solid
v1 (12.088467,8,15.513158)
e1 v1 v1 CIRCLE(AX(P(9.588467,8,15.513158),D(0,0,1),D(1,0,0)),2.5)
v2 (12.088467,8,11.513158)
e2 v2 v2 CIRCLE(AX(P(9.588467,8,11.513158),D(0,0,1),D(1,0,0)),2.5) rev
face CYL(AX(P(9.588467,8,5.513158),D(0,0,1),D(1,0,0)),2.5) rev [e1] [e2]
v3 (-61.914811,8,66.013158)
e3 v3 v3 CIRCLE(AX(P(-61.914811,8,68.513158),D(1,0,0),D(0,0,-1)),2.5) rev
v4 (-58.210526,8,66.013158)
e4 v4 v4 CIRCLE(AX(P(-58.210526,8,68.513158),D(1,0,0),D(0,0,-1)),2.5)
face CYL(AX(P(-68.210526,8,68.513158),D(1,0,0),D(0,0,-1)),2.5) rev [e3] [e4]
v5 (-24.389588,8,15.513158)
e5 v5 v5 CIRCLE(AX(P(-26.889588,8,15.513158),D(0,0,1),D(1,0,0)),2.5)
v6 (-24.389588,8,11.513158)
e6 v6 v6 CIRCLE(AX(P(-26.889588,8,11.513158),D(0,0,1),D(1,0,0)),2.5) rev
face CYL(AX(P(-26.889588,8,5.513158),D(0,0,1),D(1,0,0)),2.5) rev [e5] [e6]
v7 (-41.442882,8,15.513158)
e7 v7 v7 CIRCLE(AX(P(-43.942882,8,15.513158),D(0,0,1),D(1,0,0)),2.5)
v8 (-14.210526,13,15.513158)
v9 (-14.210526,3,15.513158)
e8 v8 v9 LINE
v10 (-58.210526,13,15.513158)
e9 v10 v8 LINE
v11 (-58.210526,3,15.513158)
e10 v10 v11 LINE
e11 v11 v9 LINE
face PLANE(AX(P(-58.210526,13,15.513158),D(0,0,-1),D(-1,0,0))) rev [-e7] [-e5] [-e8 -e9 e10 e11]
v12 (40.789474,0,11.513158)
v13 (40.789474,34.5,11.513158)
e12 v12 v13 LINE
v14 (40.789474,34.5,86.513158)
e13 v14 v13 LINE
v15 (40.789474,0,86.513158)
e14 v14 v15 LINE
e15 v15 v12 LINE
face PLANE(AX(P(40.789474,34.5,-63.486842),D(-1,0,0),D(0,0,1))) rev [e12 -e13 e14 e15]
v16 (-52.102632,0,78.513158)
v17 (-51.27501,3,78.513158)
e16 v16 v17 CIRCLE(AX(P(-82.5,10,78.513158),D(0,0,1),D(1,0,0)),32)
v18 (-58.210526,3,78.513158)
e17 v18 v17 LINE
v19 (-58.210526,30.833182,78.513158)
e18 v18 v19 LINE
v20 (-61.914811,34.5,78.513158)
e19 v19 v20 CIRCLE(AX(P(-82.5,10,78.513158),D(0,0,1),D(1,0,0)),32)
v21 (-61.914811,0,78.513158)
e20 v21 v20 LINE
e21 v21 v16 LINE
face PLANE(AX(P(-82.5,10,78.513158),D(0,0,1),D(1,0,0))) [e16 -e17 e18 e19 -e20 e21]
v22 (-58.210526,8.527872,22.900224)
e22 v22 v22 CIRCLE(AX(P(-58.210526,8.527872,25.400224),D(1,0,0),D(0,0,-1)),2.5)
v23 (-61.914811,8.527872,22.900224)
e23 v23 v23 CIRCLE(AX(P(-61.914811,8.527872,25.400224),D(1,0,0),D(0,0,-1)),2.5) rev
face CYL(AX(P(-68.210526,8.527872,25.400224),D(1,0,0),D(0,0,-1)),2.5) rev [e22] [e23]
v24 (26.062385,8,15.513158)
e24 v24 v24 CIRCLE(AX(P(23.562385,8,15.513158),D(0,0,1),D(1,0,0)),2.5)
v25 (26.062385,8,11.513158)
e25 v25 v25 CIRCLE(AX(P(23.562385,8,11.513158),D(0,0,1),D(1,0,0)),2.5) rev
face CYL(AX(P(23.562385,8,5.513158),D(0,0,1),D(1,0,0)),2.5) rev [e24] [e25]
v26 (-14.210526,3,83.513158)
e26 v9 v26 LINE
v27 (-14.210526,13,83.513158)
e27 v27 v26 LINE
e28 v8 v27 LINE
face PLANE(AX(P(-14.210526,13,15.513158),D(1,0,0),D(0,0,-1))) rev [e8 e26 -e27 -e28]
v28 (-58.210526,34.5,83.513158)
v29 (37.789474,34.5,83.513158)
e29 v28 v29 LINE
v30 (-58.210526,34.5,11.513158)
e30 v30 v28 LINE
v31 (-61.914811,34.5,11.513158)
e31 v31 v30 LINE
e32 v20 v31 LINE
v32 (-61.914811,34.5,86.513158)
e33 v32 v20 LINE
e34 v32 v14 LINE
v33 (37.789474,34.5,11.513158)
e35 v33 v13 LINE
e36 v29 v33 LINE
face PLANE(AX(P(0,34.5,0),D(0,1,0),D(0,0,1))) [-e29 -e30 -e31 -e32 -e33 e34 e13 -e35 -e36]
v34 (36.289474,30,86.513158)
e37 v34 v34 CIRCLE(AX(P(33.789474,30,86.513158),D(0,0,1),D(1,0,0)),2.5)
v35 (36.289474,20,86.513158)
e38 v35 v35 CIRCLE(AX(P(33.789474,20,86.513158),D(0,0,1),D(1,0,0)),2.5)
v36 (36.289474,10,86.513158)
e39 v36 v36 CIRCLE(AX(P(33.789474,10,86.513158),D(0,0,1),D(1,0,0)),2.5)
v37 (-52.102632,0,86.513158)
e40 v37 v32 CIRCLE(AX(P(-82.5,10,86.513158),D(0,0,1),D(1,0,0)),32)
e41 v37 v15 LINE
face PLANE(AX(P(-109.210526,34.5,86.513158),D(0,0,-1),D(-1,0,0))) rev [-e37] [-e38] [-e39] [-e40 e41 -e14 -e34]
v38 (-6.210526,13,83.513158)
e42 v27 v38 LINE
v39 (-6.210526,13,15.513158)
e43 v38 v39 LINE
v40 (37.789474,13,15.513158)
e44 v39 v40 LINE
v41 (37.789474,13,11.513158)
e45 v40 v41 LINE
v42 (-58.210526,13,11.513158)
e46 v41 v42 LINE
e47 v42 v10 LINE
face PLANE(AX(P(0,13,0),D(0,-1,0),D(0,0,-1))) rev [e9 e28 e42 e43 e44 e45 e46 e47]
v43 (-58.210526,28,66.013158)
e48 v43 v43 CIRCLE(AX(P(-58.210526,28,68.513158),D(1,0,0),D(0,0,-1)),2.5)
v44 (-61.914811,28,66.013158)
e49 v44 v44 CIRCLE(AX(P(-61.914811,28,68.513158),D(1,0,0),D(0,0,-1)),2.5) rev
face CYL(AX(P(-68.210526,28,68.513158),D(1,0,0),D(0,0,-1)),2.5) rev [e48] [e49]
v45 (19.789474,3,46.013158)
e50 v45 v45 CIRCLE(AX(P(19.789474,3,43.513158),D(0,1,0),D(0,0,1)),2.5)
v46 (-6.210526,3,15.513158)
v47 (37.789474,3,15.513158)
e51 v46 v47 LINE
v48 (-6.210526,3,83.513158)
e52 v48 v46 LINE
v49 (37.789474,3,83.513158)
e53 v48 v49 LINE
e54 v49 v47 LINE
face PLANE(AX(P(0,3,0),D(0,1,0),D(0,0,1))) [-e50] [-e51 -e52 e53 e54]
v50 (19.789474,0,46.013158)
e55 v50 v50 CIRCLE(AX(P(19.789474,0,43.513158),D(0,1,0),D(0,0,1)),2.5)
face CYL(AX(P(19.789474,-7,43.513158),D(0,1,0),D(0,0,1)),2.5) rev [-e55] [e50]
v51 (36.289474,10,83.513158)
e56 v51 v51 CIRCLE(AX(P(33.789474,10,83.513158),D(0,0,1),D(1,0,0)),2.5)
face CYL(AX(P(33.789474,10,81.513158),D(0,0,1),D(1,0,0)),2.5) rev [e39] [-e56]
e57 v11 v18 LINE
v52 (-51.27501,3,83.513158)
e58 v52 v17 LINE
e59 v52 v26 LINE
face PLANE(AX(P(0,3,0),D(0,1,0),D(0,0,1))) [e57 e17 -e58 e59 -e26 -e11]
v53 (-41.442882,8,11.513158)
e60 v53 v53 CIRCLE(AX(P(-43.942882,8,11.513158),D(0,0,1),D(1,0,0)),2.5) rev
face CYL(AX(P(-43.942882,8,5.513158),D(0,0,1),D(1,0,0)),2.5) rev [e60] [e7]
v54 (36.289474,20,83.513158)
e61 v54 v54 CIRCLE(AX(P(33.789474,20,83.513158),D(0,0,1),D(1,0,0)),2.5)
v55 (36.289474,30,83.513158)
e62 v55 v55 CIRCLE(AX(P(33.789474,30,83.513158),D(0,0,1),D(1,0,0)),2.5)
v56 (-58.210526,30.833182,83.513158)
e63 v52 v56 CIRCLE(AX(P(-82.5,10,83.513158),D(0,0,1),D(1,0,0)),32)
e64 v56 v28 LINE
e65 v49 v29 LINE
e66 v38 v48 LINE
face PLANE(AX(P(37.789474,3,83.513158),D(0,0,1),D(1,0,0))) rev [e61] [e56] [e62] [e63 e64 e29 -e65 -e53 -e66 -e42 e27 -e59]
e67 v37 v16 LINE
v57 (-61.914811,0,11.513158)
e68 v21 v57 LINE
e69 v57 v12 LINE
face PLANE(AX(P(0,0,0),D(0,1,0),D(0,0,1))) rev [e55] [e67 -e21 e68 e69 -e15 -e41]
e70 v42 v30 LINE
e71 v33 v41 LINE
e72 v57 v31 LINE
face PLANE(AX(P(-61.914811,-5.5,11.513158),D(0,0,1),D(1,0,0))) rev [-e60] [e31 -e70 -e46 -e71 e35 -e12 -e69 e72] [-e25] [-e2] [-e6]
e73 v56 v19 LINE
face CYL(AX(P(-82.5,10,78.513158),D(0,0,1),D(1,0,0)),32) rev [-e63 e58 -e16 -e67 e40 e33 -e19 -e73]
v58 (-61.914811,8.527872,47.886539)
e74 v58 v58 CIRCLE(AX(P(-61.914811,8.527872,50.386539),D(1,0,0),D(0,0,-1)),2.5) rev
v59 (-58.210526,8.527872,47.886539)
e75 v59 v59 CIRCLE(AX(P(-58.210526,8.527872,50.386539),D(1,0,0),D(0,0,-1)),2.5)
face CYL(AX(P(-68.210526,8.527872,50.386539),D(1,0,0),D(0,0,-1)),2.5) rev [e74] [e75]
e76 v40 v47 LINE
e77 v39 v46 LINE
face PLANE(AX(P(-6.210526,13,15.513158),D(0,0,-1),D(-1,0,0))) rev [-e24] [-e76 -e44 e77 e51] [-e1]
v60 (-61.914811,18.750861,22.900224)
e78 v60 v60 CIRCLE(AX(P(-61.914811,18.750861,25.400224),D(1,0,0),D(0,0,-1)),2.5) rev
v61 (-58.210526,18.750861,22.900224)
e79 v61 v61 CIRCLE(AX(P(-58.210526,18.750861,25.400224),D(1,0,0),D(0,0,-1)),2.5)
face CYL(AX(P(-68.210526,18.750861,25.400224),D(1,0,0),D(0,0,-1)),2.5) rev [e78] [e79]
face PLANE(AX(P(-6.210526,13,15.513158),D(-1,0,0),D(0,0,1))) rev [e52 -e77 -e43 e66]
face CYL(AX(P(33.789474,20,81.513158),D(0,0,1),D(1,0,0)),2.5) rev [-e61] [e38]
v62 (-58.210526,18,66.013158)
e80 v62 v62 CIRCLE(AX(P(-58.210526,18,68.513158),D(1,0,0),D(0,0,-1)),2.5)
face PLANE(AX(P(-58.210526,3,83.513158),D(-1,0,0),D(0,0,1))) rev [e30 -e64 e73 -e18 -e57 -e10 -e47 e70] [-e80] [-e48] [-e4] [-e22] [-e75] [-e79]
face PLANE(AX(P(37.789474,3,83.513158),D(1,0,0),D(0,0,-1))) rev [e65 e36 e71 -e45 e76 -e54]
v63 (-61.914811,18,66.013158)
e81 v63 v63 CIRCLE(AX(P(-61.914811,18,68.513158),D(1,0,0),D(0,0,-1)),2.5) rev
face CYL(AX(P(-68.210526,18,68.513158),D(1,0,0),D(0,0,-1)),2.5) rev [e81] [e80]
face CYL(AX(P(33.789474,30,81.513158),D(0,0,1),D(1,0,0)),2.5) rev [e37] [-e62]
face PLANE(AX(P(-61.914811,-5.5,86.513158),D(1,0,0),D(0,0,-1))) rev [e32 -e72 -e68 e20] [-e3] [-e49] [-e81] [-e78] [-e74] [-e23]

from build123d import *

# Parameters (mm, degrees)
CUBE_W                    = 150
CUBE_H                    = 150
BOSS_EXTRU_1_DEPTH        = 34.5
PAVE_W                    = 96
PAVE_H                    = 144
ENL_V_MAT_EXTRU_1_DEPTH   = 31.5
VIS1_R                    = 2.5
ENL_V_MAT_EXTRU_2_DEPTH   = 5
ENL_V_START               = -5
VIS2_R                    = 2.5
ENL_V_MAT_EXTRU_3_DEPTH   = 5
PAVE_PROCHE_MOTEUR_W      = 12.5
PAVE_PROCHE_MOTEUR_H      = 124
ENL_V_MAT_EXTRU_4_DEPTH   = 31.5
PAVE_ROUE_LIBRE_W         = 32.86
PAVE_ROUE_LIBRE_H         = 15.696676457
PAVE_ROUE_LIBRE_H_2       = 18.419496328
ENL_V_MAT_EXTRU_5_DEPTH   = 36
CABLES_W                  = 22.36
CABLES_H                  = 10
ENL_V_MAT_EXTRU_6_DEPTH   = 36
ROUE_EXT_R                = 32
ENL_V_MAT_EXTRU_7_DEPTH   = 8
ROUE_INTER_R              = 16.02
ENL_V_MAT_EXTRU_8_DEPTH   = 69
ENL_V_START_2             = -7.5
ROUE_EXT2_R               = 32
ENL_V_MAT_EXTRU_9_DEPTH   = 7.5
ENL_V_START_3             = -69
ROUE_INTER2_R             = 16.02
ENL_V_MAT_EXTRU_10_DEPTH  = 69
VIS_MOTEUR_POUR_SUPPORT_R = 2.5
ENL_V_MAT_EXTRU_11_DEPTH  = 10
BOSS_EXTRU_2_DEPTH        = 10
ESQUISSE2_R               = 2.5
ENL_V_MAT_EXTRU_12_DEPTH  = 10
ESQUISSE3_W               = 3.439870431
ESQUISSE3_H               = 124
BOSS_EXTRU_3_DEPTH        = 31
ESQUISSE5_W               = 3.439870431
ESQUISSE5_H               = 124
BOSS_EXTRU_4_DEPTH        = 0.5
ESQUISSE6_R               = 2.5
ENL_V_MAT_EXTRU_13_DEPTH  = 10
ESQUISSE7_R               = 2.5
ENL_V_MAT_EXTRU_14_DEPTH  = 10
ESQUISSE8_R               = 2.5
ENL_V_MAT_EXTRU_15_DEPTH  = 10
ENL_V_MAT_EXTRU_17_DEPTH  = 40


with BuildPart() as part:
    # Cube → Boss.-Extru.1 (new body)
    with BuildSketch(Plane(origin=(0, 0, 0), x_dir=(1, 0, 0), z_dir=(0, 1, 0))):
        with Locations((-34.210526316, -11.513157895)):
            Rectangle(CUBE_W, CUBE_H)
    extrude(amount=BOSS_EXTRU_1_DEPTH)

    # Pave → Enlèv. mat.-Extru.1 (cut)
    with BuildSketch(Plane(origin=(0, 34.5, 0), x_dir=(1, 0, 0), z_dir=(0, 1, 0))):
        with Locations((-10.210526316, -11.513157895)):
            Rectangle(PAVE_W, PAVE_H)
    extrude(amount=-ENL_V_MAT_EXTRU_1_DEPTH, mode=Mode.SUBTRACT)

    # Vis1 → Enlèv. mat.-Extru.2 (cut)
    with BuildSketch(Plane.XY.offset(86.513157895)):
        with Locations((33.789473684, 10)):
            Circle(VIS1_R)
        with Locations((33.789473684, 20)):
            Circle(VIS1_R)
        with Locations((33.789473684, 30)):
            Circle(VIS1_R)
    extrude(amount=-ENL_V_MAT_EXTRU_2_DEPTH, mode=Mode.SUBTRACT)

    # Vis2 → Enlèv. mat.-Extru.3 (cut)
    with BuildSketch(Plane(origin=(0, 0, -63.486842105), x_dir=(-1, 0, 0), z_dir=(0, 0, -1)).offset(ENL_V_START)):
        with Locations(Location((-33.789473684, 10, 0), (0, 0, 180))):
            Circle(VIS2_R)
        with Locations(Location((-33.789473684, 20, 0), (0, 0, 180))):
            Circle(VIS2_R)
        with Locations(Location((-33.789473684, 30, 0), (0, 0, 180))):
            Circle(VIS2_R)
    extrude(amount=ENL_V_MAT_EXTRU_3_DEPTH, mode=Mode.SUBTRACT)

    # Pave proche moteur → Enlèv. mat.-Extru.4 (cut)
    with BuildSketch(Plane(origin=(0, 34.5, 0), x_dir=(1, 0, 0), z_dir=(0, 1, 0))):
        with Locations((-67.460526316, -11.513157895)):
            Rectangle(PAVE_PROCHE_MOTEUR_W, PAVE_PROCHE_MOTEUR_H)
    extrude(amount=-ENL_V_MAT_EXTRU_4_DEPTH, mode=Mode.SUBTRACT)

    # Pave Roue libre → Enlèv. mat.-Extru.5 (cut)
    with BuildSketch(Plane(origin=(0, 34.5, 0), x_dir=(1, 0, 0), z_dir=(0, 1, 0))):
        with Locations((-87.980526316, 61.335180334)):
            Rectangle(PAVE_ROUE_LIBRE_W, PAVE_ROUE_LIBRE_H)
        with Locations((-87.980526316, -85.722906059)):
            Rectangle(PAVE_ROUE_LIBRE_W, PAVE_ROUE_LIBRE_H_2)
    extrude(amount=-ENL_V_MAT_EXTRU_5_DEPTH, mode=Mode.SUBTRACT)

    # Cables → Enlèv. mat.-Extru.6 (cut)
    with BuildSketch(Plane(origin=(0, 34.5, 0), x_dir=(1, 0, 0), z_dir=(0, 1, 0))):
        with Locations((-89.710526316, -0.513157895)):
            Rectangle(CABLES_W, CABLES_H)
        with Locations((-89.710526316, -22.513157895)):
            Rectangle(CABLES_W, CABLES_H)
    extrude(amount=-ENL_V_MAT_EXTRU_6_DEPTH, mode=Mode.SUBTRACT)

    # Roue ext → Enlèv. mat.-Extru.7 (cut)
    with BuildSketch(Plane.XY.offset(86.513157895)):
        with Locations((-82.5, 10)):
            Circle(ROUE_EXT_R)
    extrude(amount=-ENL_V_MAT_EXTRU_7_DEPTH, mode=Mode.SUBTRACT)

    # Roue inter → Enlèv. mat.-Extru.8 (cut)
    with BuildSketch(Plane.XY.offset(86.513157895)):
        with Locations((-82.5, 10)):
            Circle(ROUE_INTER_R)
    extrude(amount=-ENL_V_MAT_EXTRU_8_DEPTH, mode=Mode.SUBTRACT)

    # Roue ext2 → Enlèv. mat.-Extru.9 (cut)
    with BuildSketch(Plane(origin=(0, 0, -63.486842105), x_dir=(-1, 0, 0), z_dir=(0, 0, -1)).offset(ENL_V_START_2)):
        with Locations((82.5, 10)):
            Circle(ROUE_EXT2_R)
    extrude(amount=ENL_V_MAT_EXTRU_9_DEPTH, mode=Mode.SUBTRACT)

    # Roue inter2 → Enlèv. mat.-Extru.10 (cut)
    with BuildSketch(Plane(origin=(0, 0, -63.486842105), x_dir=(-1, 0, 0), z_dir=(0, 0, -1)).offset(ENL_V_START_3)):
        with Locations((82.5, 10)):
            Circle(ROUE_INTER2_R)
    extrude(amount=ENL_V_MAT_EXTRU_10_DEPTH, mode=Mode.SUBTRACT)

    # Vis Moteur pour support → Enlèv. mat.-Extru.11 (cut)
    with BuildSketch(Plane(origin=(-58.210526316, 0, 0), x_dir=(0, 0, -1), z_dir=(1, 0, 0))):
        with Locations((-68.513157895, 8)):
            Circle(VIS_MOTEUR_POUR_SUPPORT_R)
        with Locations((-68.513157895, 18)):
            Circle(VIS_MOTEUR_POUR_SUPPORT_R)
        with Locations((-68.513157895, 28)):
            Circle(VIS_MOTEUR_POUR_SUPPORT_R)
        with Locations((45.986842105, 8)):
            Circle(VIS_MOTEUR_POUR_SUPPORT_R)
        with Locations((45.986842105, 18)):
            Circle(VIS_MOTEUR_POUR_SUPPORT_R)
        with Locations((45.986842105, 28)):
            Circle(VIS_MOTEUR_POUR_SUPPORT_R)
    extrude(amount=-ENL_V_MAT_EXTRU_11_DEPTH, mode=Mode.SUBTRACT)

    # Esquisse1 → Boss.-Extru.2 (add)
    with BuildSketch(Plane(origin=(0, 3, 0), x_dir=(1, 0, 0), z_dir=(0, 1, 0))):
        Polygon((-58.210526316, -15.513157895), (-14.210526316, -15.513157895), (-14.210526316, -83.513157895), (-6.210526316, -83.513157895), (-6.210526316, -15.513157895), (37.789473684, -15.513157895), (37.789473684, -7.513157895), (-6.210526316, -7.513157895), (-6.210526316, 60.486842105), (-14.210526316, 60.486842105), (-14.210526316, -7.513157895), (-58.210526316, -7.513157895), align=None)
    extrude(amount=BOSS_EXTRU_2_DEPTH)

    # Esquisse2 → Enlèv. mat.-Extru.12 (cut)
    with BuildSketch(Plane.XY.offset(15.513157895)):
        with Locations((-43.942882256, 8)):
            Circle(ESQUISSE2_R)
        with Locations((-26.88958752, 8)):
            Circle(ESQUISSE2_R)
        with Locations((9.588466595, 8)):
            Circle(ESQUISSE2_R)
        with Locations((23.56238511, 8)):
            Circle(ESQUISSE2_R)
    extrude(amount=-ENL_V_MAT_EXTRU_12_DEPTH, mode=Mode.SUBTRACT)

    # Esquisse3 → Boss.-Extru.3 (add)
    with BuildSketch(Plane(origin=(0, 3, 0), x_dir=(1, 0, 0), z_dir=(0, 1, 0))):
        with Locations((-62.930461532, -11.513157895)):
            Rectangle(ESQUISSE3_W, ESQUISSE3_H)
    extrude(amount=BOSS_EXTRU_3_DEPTH)

    # Esquisse5 → Boss.-Extru.4 (add)
    with BuildSketch(Plane(origin=(0, 34, 0), x_dir=(1, 0, 0), z_dir=(0, 1, 0))):
        with Locations((-62.930461532, -11.513157895)):
            Rectangle(ESQUISSE5_W, ESQUISSE5_H)
    extrude(amount=BOSS_EXTRU_4_DEPTH)

    # Esquisse6 → Enlèv. mat.-Extru.13 (cut)
    with BuildSketch(Plane(origin=(-58.210526316, 0, 0), x_dir=(0, 0, -1), z_dir=(1, 0, 0))):
        with Locations((-68.513157895, 28)):
            Circle(ESQUISSE6_R)
        with Locations((-68.513157895, 18)):
            Circle(ESQUISSE6_R)
        with Locations((-68.513157895, 8)):
            Circle(ESQUISSE6_R)
        with Locations((45.986842105, 28)):
            Circle(ESQUISSE6_R)
        with Locations((45.986842105, 18)):
            Circle(ESQUISSE6_R)
        with Locations((45.986842105, 8)):
            Circle(ESQUISSE6_R)
    extrude(amount=-ENL_V_MAT_EXTRU_13_DEPTH, mode=Mode.SUBTRACT)

    # Esquisse7 → Enlèv. mat.-Extru.14 (cut)
    with BuildSketch(Plane(origin=(-58.210526316, 0, 0), x_dir=(0, 0, -1), z_dir=(1, 0, 0))):
        with Locations((0, 8.527871685)):
            Circle(ESQUISSE7_R)
        with Locations((0, 18.750861141)):
            Circle(ESQUISSE7_R)
        with Locations((-25.400224022, 8.527871685)):
            Circle(ESQUISSE7_R)
        with Locations((-25.400224022, 18.750861141)):
            Circle(ESQUISSE7_R)
        with Locations((-50.386538843, 8.527871685)):
            Circle(ESQUISSE7_R)
        with Locations((23.629525814, 8.527871685)):
            Circle(ESQUISSE7_R)
    extrude(amount=-ENL_V_MAT_EXTRU_14_DEPTH, mode=Mode.SUBTRACT)

    # Esquisse8 → Enlèv. mat.-Extru.15 (cut)
    with BuildSketch(Plane(origin=(0, 3, 0), x_dir=(1, 0, 0), z_dir=(0, 1, 0))):
        with Locations(Location((19.789473684, -43.513157895, 0), (0, 0, 270))):
            Circle(ESQUISSE8_R)
        with Locations(Location((19.789473684, 20.486842105, 0), (0, 0, 270))):
            Circle(ESQUISSE8_R)
    extrude(amount=-ENL_V_MAT_EXTRU_15_DEPTH, mode=Mode.SUBTRACT)

    # Esquisse9 → Enlèv. mat.-Extru.17 (cut)
    with BuildSketch(Plane(origin=(0, 34.5, 0), x_dir=(1, 0, 0), z_dir=(0, 1, 0))):
        Polygon((-61.91481115, -86.513157895), (-109.210526316, -86.513157895), (-109.210526316, 63.486842105), (-61.91481115, 63.486842105), (40.789473684, 63.486842105), (40.789473684, -11.513157895), (-61.91481115, -11.513157895), align=None)
    extrude(amount=-ENL_V_MAT_EXTRU_17_DEPTH, mode=Mode.SUBTRACT)


solid = part.part
